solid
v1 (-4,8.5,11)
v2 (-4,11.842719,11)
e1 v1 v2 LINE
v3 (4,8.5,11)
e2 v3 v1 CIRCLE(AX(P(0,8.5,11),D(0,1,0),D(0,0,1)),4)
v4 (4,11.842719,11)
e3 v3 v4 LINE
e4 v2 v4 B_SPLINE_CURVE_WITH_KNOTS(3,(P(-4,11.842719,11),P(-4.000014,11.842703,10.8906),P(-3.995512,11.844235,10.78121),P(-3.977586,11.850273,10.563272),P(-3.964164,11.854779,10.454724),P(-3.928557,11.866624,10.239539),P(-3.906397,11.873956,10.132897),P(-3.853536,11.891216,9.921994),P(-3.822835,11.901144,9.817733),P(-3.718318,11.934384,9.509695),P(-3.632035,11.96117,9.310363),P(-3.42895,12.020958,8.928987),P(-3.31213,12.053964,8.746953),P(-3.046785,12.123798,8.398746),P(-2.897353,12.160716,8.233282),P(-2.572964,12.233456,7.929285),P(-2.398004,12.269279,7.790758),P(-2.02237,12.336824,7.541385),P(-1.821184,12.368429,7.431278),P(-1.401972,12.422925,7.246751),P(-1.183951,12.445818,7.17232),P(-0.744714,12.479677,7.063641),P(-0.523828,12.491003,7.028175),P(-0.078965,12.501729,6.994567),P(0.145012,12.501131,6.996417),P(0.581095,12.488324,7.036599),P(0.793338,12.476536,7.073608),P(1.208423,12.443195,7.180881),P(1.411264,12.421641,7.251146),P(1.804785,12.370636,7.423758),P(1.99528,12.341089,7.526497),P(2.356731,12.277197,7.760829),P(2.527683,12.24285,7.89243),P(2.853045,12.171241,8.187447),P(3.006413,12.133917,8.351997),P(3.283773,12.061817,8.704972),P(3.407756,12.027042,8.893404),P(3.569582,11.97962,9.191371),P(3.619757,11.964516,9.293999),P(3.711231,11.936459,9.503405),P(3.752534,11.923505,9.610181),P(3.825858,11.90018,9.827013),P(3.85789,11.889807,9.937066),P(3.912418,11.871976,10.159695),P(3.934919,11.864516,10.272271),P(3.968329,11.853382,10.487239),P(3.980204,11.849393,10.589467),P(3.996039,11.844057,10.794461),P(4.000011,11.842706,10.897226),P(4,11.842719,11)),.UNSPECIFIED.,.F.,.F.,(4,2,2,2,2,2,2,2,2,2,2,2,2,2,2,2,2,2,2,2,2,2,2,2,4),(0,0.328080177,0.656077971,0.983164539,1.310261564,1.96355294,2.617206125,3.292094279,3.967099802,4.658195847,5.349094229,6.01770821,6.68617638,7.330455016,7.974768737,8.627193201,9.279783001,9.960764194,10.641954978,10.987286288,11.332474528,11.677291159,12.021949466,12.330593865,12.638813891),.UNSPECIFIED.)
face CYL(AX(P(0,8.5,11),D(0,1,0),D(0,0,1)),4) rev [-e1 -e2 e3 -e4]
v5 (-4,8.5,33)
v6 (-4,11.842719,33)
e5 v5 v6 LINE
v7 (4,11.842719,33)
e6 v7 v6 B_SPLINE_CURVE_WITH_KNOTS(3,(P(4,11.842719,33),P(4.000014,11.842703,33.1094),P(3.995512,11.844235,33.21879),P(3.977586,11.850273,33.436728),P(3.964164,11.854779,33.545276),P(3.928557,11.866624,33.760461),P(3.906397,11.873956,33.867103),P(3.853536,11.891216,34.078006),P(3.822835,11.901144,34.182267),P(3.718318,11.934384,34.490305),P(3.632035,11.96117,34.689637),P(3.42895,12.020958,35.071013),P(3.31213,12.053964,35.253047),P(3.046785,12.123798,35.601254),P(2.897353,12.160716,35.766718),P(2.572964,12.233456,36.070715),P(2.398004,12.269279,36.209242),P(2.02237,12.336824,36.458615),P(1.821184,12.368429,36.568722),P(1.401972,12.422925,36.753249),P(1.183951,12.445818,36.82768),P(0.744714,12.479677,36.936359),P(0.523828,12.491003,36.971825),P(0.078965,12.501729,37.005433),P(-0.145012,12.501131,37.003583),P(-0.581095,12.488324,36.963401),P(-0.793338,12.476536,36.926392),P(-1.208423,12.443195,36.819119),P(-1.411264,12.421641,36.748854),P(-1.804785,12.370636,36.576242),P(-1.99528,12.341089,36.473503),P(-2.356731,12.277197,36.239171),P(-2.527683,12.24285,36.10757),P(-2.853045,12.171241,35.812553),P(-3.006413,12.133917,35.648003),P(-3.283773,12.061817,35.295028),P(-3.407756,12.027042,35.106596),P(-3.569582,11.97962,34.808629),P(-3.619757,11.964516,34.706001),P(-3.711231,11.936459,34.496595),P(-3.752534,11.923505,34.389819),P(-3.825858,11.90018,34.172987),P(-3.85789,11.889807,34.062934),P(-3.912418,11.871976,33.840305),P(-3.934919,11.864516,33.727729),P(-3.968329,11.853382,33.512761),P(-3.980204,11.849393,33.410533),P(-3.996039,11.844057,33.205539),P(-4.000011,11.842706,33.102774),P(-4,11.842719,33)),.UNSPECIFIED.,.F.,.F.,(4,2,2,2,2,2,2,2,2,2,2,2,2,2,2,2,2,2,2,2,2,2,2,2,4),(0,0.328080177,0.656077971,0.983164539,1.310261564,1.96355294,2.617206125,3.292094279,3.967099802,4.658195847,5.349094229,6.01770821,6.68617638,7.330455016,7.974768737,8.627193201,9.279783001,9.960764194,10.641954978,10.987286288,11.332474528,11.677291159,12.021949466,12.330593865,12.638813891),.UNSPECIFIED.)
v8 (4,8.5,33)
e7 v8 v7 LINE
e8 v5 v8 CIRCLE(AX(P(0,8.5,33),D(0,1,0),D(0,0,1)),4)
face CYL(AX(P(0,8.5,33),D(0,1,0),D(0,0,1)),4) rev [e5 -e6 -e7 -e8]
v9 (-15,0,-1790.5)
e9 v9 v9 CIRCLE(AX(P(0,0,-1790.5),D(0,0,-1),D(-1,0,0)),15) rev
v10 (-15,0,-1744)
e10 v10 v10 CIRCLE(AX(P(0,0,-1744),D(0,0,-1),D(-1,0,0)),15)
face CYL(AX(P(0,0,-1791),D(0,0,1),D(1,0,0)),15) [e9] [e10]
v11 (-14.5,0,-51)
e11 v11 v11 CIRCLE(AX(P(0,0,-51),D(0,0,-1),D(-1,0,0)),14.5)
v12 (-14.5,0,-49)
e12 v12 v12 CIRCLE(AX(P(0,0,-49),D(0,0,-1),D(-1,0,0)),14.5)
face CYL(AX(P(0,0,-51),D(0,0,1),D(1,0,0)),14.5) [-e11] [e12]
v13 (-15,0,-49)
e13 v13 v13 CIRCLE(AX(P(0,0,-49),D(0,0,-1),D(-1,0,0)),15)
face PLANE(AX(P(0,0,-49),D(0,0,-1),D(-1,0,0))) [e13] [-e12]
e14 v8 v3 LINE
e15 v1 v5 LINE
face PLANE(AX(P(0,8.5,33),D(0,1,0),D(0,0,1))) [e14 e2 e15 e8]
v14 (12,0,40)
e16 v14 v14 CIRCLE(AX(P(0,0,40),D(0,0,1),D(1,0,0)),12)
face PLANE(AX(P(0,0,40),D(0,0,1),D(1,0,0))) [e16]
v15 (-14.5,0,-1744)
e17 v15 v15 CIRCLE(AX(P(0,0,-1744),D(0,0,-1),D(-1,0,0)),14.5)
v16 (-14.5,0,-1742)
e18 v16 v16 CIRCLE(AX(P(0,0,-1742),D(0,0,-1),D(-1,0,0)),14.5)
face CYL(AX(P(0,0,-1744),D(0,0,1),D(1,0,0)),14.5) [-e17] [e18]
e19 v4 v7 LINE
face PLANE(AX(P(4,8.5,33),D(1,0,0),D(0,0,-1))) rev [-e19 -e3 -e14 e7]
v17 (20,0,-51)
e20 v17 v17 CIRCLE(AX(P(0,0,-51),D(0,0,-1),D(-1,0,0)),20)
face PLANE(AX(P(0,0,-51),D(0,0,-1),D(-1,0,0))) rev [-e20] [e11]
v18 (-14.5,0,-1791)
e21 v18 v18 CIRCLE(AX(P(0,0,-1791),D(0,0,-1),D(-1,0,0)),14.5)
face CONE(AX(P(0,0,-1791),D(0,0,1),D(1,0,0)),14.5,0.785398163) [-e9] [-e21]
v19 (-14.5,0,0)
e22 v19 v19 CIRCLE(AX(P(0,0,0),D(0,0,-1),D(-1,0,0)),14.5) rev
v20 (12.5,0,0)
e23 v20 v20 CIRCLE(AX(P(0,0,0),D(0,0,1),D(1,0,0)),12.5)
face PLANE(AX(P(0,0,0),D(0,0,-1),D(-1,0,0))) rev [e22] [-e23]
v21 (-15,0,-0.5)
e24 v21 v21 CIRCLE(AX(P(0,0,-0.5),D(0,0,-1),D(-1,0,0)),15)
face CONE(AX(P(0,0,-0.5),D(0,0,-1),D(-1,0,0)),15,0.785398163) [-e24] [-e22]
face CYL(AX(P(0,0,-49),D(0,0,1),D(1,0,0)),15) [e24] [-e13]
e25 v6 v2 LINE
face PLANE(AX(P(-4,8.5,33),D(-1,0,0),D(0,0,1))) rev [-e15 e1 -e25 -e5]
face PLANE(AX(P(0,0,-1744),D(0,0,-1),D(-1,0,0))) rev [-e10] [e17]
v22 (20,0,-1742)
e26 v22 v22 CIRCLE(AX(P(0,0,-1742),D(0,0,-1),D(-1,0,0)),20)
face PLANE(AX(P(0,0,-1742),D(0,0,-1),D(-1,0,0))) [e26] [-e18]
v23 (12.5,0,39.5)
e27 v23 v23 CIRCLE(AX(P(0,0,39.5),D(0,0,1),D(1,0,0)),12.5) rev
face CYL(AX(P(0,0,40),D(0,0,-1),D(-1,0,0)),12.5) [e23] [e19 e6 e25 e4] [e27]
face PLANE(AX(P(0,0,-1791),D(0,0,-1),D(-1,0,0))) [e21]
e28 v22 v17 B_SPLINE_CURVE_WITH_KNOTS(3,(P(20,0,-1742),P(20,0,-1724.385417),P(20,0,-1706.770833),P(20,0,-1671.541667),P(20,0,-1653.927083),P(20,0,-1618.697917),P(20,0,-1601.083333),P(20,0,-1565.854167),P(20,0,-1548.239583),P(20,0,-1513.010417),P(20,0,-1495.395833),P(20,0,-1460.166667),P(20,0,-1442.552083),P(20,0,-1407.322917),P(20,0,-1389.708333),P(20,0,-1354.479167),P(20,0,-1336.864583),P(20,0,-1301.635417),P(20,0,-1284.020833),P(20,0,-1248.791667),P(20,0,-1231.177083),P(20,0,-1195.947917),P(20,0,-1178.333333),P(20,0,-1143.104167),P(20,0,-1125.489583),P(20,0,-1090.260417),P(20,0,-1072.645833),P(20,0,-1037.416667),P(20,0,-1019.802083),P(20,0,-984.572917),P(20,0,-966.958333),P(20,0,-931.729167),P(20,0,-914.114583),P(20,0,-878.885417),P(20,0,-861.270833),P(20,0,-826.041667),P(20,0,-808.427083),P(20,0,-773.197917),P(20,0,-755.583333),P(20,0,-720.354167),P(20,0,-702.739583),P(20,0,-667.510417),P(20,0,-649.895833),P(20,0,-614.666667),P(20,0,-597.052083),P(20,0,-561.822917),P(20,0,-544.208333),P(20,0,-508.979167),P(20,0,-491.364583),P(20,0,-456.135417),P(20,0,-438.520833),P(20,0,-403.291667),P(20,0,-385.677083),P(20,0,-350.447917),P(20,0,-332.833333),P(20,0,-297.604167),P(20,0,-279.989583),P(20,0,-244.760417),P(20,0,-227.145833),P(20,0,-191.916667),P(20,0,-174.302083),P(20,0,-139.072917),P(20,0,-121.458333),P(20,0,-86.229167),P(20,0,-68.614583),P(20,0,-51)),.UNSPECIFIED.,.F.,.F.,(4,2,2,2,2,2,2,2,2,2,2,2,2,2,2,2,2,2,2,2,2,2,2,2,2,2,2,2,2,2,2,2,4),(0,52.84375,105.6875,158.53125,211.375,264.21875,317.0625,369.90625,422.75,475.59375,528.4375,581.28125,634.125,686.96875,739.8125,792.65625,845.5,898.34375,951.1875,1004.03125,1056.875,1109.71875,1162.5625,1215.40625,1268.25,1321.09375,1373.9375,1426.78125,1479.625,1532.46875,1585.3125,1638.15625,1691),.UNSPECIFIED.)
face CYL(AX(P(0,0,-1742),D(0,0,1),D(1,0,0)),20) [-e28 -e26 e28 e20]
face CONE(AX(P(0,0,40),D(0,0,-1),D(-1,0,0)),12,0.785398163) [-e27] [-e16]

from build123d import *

# Parameters (mm, degrees)
SKETCH_1_R          = 12.5
EXTRUDE_1_DEPTH     = 40
CHAMFER_1_SIZE      = 0.5
SKETCH_2_R          = 15
EXTRUDE_2_DEPTH     = 49
CHAMFER_2_SIZE      = 0.5
CUT_EXTRUDE_1_DEPTH = 4
SKETCH_11_R         = 14.5
EXTRUDE_3_DEPTH     = 2
SKETCH_12_R         = 20
EXTRUDE_4_DEPTH     = 1691
SKETCH_13_R         = 14.5
EXTRUDE_5_DEPTH     = 2
SKETCH_14_R         = 15
EXTRUDE_6_DEPTH     = 47
CHAMFER_3_SIZE      = 0.5


with BuildPart() as part:
    # 草图1 → 凸台-拉伸1 (new body)
    with BuildSketch(Plane.XY):
        Circle(SKETCH_1_R)
    extrude(amount=EXTRUDE_1_DEPTH)

    # 倒角1
    chamfer_1_edges = [part.edges().sort_by_distance(p)[0] for p in [
        (-12.5, 0, 40),
    ]]
    chamfer(chamfer_1_edges, length=CHAMFER_1_SIZE)

    # 草图2 → 凸台-拉伸2 (add)
    with BuildSketch(Plane(origin=(0, 0, 0), x_dir=(-1, 0, 0), z_dir=(0, 0, -1))):
        Circle(SKETCH_2_R)
    extrude(amount=EXTRUDE_2_DEPTH)

    # 倒角2
    chamfer_2_edges = [part.edges().sort_by_distance(p)[0] for p in [
        (15, 0, 0),
    ]]
    chamfer(chamfer_2_edges, length=CHAMFER_2_SIZE)

    # 草图5 → 切除-拉伸1 (cut)
    with BuildSketch(Plane(origin=(0, 12.5, 0), x_dir=(1, 0, 0), z_dir=(0, 1, 0))):
        with BuildLine():
            Line((-4, -33), (-4, -11))
            ThreePointArc((-4, -11), (0, -7), (4, -11))
            Line((4, -11), (4, -33))
            ThreePointArc((4, -33), (0, -37), (-4, -33))
        make_face()
    extrude(amount=-CUT_EXTRUDE_1_DEPTH, mode=Mode.SUBTRACT)

    # 草图11 → 凸台-拉伸3 (add)
    with BuildSketch(Plane(origin=(0, 0, -49), x_dir=(-1, 0, 0), z_dir=(0, 0, -1))):
        Circle(SKETCH_11_R)
    extrude(amount=EXTRUDE_3_DEPTH)

    # 草图12 → 凸台-拉伸4 (add)
    with BuildSketch(Plane(origin=(0, 0, -51), x_dir=(-1, 0, 0), z_dir=(0, 0, -1))):
        Circle(SKETCH_12_R)
    extrude(amount=EXTRUDE_4_DEPTH)

    # 草图13 → 凸台-拉伸5 (add)
    with BuildSketch(Plane(origin=(0, 0, -1742), x_dir=(-1, 0, 0), z_dir=(0, 0, -1))):
        Circle(SKETCH_13_R)
    extrude(amount=EXTRUDE_5_DEPTH)

    # 草图14 → 凸台-拉伸6 (add)
    with BuildSketch(Plane(origin=(0, 0, -1744), x_dir=(-1, 0, 0), z_dir=(0, 0, -1))):
        Circle(SKETCH_14_R)
    extrude(amount=EXTRUDE_6_DEPTH)

    # 倒角3
    chamfer_3_edges = [part.edges().sort_by_distance(p)[0] for p in [
        (15, 0, -1791),
    ]]
    chamfer(chamfer_3_edges, length=CHAMFER_3_SIZE)


solid = part.part
